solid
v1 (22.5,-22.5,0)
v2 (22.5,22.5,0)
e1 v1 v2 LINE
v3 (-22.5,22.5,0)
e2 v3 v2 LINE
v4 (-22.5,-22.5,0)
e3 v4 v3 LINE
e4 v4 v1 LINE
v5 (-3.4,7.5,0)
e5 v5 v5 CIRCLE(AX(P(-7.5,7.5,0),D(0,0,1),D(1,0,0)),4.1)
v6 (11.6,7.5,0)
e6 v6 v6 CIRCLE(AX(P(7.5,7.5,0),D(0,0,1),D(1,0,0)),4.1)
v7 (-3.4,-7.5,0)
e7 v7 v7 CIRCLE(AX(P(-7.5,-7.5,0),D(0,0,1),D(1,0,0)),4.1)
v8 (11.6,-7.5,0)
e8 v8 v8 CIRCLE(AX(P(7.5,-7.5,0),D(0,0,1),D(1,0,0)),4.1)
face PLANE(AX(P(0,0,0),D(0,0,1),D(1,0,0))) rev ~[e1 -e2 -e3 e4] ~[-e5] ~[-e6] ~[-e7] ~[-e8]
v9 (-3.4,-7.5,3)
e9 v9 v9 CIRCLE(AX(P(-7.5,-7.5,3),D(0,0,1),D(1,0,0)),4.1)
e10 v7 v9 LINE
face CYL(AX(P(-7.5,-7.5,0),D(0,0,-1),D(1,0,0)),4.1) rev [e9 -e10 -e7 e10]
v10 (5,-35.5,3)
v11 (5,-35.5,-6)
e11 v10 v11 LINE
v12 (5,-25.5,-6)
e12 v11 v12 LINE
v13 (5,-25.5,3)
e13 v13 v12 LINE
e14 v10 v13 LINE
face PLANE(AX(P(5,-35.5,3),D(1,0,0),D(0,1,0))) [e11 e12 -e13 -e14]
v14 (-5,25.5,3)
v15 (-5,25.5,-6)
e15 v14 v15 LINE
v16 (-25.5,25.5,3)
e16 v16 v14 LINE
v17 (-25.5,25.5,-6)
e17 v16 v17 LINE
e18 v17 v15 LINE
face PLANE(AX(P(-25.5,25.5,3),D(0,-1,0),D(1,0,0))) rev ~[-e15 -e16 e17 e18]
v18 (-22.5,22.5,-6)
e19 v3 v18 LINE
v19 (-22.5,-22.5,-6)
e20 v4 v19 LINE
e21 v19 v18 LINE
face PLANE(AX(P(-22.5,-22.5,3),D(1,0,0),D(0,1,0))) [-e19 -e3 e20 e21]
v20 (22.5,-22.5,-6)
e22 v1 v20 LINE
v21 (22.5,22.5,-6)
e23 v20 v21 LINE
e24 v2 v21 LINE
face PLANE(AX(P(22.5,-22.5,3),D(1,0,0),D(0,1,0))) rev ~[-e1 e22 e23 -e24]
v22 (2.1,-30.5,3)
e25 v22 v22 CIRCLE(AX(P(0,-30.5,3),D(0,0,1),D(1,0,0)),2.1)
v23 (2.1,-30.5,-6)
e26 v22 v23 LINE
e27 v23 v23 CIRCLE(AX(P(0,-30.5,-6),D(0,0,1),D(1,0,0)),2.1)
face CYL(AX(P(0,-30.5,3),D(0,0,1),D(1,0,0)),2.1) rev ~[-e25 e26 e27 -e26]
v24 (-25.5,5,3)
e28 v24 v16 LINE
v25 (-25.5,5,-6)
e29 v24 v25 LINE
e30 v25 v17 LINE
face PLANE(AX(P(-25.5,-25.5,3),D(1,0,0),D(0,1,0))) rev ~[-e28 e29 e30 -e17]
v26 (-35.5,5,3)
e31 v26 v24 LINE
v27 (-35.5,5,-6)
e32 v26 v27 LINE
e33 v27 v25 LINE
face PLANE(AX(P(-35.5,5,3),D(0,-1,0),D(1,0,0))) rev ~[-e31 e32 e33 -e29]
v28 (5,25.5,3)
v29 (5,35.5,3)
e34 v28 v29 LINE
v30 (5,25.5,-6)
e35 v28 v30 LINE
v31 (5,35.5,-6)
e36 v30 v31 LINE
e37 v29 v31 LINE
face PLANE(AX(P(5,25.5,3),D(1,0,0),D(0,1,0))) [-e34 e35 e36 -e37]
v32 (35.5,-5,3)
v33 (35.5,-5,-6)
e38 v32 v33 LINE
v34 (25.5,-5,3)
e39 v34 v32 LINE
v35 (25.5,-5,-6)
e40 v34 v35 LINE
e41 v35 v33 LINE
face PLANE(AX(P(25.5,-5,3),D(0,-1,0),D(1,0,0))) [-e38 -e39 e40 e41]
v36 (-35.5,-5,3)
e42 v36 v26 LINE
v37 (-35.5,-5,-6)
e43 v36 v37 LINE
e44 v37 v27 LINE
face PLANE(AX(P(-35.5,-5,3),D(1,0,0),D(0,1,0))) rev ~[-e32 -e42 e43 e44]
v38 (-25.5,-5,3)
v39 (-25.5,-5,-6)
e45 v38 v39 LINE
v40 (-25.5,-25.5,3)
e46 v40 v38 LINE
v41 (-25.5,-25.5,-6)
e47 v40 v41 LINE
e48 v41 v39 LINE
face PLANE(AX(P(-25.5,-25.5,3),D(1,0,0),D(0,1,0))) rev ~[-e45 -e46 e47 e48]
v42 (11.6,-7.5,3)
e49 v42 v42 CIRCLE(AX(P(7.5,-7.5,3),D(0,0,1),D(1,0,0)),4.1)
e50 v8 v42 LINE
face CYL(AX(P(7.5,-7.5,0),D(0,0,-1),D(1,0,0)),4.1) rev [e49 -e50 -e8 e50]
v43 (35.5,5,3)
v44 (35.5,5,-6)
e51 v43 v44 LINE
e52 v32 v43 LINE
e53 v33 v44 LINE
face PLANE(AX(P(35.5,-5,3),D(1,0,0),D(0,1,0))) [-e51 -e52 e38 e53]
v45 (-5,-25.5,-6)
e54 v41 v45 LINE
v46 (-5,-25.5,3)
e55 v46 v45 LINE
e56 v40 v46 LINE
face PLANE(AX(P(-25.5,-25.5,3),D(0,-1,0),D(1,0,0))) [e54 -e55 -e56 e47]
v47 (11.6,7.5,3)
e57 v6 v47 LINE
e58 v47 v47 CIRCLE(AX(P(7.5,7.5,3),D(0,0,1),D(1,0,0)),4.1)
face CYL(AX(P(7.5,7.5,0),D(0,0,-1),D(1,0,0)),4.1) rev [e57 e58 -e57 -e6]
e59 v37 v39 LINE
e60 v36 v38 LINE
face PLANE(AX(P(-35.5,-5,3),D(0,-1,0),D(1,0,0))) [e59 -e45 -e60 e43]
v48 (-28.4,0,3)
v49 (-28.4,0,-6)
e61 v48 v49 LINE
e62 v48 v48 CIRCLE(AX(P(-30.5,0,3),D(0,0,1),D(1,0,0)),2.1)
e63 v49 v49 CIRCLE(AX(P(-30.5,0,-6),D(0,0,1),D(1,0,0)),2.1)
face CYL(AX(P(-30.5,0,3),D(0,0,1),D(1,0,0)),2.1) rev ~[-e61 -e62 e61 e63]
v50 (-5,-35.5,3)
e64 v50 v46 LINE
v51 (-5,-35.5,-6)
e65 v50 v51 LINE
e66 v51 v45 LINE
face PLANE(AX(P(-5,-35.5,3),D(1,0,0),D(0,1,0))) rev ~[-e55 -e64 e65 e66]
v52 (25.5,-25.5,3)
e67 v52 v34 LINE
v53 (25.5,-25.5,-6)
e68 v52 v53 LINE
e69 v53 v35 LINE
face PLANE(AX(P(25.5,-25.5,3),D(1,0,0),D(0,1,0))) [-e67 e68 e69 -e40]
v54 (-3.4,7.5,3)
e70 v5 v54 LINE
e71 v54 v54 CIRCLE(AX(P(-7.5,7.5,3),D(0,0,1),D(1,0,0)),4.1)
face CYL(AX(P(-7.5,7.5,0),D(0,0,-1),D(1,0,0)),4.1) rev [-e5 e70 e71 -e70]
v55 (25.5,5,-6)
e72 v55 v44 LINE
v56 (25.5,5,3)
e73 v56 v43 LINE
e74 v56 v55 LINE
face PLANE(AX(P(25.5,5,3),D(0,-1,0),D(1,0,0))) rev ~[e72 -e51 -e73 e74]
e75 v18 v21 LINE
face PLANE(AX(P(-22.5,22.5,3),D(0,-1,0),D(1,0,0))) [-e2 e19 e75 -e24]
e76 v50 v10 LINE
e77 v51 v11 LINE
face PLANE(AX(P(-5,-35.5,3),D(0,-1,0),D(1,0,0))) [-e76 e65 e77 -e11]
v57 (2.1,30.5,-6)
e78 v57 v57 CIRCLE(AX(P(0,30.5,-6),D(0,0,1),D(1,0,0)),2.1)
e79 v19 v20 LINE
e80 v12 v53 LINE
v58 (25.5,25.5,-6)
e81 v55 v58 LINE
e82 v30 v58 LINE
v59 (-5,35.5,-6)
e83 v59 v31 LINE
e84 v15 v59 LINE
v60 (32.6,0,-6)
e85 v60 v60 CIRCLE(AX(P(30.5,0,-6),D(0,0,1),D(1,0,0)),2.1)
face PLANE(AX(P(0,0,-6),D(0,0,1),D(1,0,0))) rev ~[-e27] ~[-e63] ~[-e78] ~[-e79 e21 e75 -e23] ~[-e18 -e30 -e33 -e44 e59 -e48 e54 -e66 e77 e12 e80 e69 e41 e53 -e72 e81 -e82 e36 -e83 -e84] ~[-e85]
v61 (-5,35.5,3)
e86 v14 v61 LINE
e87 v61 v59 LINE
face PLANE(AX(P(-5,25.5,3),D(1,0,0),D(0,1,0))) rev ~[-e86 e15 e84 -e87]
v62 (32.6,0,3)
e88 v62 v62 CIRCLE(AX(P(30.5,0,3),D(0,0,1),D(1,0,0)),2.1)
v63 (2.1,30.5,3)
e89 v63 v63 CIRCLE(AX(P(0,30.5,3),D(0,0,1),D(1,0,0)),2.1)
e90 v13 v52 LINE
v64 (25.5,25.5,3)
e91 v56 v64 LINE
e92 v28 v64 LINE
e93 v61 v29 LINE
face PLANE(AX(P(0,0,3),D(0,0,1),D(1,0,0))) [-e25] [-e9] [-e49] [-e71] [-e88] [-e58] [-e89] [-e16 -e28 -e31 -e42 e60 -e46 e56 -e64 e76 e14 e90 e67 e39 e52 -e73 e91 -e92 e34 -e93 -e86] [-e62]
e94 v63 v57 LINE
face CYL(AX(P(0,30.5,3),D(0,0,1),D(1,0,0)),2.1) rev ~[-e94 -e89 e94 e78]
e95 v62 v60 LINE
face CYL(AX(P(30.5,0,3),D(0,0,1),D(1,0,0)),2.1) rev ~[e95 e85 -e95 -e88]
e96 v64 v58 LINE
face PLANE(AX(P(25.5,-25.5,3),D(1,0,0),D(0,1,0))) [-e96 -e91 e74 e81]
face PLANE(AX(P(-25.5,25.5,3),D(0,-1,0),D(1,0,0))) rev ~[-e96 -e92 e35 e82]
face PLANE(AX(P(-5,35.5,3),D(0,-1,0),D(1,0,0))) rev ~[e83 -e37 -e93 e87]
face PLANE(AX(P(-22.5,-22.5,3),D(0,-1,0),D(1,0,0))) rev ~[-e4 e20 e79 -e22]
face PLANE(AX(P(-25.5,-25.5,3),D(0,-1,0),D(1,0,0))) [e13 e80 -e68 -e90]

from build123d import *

# Parameters (mm, degrees)
F0_W     = 45
F0_H     = 45
F0_R     = 4.1
F1_DEPTH = 3
F2_W     = 51
F2_H     = 51
F2_W_2   = 45
F2_H_2   = 45
F3_DEPTH = 9
F4_W     = 10
F4_H     = 10
F4_R     = 2.1
F5_DEPTH = 9


with BuildPart() as f1:
    # F0 (on Top) → F1 (new body)
    with BuildSketch(Plane.XY):
        Rectangle(F0_W, F0_H)
        with Locations((-7.5, -7.5)):
            Circle(F0_R, mode=Mode.SUBTRACT)
        with Locations((7.5, -7.5)):
            Circle(F0_R, mode=Mode.SUBTRACT)
        with Locations((-7.5, 7.5)):
            Circle(F0_R, mode=Mode.SUBTRACT)
        with Locations((7.5, 7.5)):
            Circle(F0_R, mode=Mode.SUBTRACT)
    extrude(amount=F1_DEPTH)

    # F2 (on face) → F3 (join)
    with BuildSketch(Plane.XY.offset(3)):
        Rectangle(F2_W, F2_H)
        Rectangle(F2_W_2, F2_H_2, mode=Mode.SUBTRACT)
    extrude(amount=-F3_DEPTH)

    # F4 (on face) → F5 (join)
    with BuildSketch(Plane.XY.offset(3)):
        with Locations((0, 30.5)):
            Rectangle(F4_W, F4_H)
        with Locations((0, 30.5)):
            Circle(F4_R, mode=Mode.SUBTRACT)
        with Locations((-30.5, 0)):
            Rectangle(F4_W, F4_H)
        with Locations((-30.5, 0)):
            Circle(F4_R, mode=Mode.SUBTRACT)
        with Locations((0, -30.5)):
            Rectangle(F4_W, F4_H)
        with Locations((0, -30.5)):
            Circle(F4_R, mode=Mode.SUBTRACT)
        with Locations((30.5, 0)):
            Rectangle(F4_W, F4_H)
        with Locations((30.5, 0)):
            Circle(F4_R, mode=Mode.SUBTRACT)
    extrude(amount=-F5_DEPTH)


solid = f1.part
